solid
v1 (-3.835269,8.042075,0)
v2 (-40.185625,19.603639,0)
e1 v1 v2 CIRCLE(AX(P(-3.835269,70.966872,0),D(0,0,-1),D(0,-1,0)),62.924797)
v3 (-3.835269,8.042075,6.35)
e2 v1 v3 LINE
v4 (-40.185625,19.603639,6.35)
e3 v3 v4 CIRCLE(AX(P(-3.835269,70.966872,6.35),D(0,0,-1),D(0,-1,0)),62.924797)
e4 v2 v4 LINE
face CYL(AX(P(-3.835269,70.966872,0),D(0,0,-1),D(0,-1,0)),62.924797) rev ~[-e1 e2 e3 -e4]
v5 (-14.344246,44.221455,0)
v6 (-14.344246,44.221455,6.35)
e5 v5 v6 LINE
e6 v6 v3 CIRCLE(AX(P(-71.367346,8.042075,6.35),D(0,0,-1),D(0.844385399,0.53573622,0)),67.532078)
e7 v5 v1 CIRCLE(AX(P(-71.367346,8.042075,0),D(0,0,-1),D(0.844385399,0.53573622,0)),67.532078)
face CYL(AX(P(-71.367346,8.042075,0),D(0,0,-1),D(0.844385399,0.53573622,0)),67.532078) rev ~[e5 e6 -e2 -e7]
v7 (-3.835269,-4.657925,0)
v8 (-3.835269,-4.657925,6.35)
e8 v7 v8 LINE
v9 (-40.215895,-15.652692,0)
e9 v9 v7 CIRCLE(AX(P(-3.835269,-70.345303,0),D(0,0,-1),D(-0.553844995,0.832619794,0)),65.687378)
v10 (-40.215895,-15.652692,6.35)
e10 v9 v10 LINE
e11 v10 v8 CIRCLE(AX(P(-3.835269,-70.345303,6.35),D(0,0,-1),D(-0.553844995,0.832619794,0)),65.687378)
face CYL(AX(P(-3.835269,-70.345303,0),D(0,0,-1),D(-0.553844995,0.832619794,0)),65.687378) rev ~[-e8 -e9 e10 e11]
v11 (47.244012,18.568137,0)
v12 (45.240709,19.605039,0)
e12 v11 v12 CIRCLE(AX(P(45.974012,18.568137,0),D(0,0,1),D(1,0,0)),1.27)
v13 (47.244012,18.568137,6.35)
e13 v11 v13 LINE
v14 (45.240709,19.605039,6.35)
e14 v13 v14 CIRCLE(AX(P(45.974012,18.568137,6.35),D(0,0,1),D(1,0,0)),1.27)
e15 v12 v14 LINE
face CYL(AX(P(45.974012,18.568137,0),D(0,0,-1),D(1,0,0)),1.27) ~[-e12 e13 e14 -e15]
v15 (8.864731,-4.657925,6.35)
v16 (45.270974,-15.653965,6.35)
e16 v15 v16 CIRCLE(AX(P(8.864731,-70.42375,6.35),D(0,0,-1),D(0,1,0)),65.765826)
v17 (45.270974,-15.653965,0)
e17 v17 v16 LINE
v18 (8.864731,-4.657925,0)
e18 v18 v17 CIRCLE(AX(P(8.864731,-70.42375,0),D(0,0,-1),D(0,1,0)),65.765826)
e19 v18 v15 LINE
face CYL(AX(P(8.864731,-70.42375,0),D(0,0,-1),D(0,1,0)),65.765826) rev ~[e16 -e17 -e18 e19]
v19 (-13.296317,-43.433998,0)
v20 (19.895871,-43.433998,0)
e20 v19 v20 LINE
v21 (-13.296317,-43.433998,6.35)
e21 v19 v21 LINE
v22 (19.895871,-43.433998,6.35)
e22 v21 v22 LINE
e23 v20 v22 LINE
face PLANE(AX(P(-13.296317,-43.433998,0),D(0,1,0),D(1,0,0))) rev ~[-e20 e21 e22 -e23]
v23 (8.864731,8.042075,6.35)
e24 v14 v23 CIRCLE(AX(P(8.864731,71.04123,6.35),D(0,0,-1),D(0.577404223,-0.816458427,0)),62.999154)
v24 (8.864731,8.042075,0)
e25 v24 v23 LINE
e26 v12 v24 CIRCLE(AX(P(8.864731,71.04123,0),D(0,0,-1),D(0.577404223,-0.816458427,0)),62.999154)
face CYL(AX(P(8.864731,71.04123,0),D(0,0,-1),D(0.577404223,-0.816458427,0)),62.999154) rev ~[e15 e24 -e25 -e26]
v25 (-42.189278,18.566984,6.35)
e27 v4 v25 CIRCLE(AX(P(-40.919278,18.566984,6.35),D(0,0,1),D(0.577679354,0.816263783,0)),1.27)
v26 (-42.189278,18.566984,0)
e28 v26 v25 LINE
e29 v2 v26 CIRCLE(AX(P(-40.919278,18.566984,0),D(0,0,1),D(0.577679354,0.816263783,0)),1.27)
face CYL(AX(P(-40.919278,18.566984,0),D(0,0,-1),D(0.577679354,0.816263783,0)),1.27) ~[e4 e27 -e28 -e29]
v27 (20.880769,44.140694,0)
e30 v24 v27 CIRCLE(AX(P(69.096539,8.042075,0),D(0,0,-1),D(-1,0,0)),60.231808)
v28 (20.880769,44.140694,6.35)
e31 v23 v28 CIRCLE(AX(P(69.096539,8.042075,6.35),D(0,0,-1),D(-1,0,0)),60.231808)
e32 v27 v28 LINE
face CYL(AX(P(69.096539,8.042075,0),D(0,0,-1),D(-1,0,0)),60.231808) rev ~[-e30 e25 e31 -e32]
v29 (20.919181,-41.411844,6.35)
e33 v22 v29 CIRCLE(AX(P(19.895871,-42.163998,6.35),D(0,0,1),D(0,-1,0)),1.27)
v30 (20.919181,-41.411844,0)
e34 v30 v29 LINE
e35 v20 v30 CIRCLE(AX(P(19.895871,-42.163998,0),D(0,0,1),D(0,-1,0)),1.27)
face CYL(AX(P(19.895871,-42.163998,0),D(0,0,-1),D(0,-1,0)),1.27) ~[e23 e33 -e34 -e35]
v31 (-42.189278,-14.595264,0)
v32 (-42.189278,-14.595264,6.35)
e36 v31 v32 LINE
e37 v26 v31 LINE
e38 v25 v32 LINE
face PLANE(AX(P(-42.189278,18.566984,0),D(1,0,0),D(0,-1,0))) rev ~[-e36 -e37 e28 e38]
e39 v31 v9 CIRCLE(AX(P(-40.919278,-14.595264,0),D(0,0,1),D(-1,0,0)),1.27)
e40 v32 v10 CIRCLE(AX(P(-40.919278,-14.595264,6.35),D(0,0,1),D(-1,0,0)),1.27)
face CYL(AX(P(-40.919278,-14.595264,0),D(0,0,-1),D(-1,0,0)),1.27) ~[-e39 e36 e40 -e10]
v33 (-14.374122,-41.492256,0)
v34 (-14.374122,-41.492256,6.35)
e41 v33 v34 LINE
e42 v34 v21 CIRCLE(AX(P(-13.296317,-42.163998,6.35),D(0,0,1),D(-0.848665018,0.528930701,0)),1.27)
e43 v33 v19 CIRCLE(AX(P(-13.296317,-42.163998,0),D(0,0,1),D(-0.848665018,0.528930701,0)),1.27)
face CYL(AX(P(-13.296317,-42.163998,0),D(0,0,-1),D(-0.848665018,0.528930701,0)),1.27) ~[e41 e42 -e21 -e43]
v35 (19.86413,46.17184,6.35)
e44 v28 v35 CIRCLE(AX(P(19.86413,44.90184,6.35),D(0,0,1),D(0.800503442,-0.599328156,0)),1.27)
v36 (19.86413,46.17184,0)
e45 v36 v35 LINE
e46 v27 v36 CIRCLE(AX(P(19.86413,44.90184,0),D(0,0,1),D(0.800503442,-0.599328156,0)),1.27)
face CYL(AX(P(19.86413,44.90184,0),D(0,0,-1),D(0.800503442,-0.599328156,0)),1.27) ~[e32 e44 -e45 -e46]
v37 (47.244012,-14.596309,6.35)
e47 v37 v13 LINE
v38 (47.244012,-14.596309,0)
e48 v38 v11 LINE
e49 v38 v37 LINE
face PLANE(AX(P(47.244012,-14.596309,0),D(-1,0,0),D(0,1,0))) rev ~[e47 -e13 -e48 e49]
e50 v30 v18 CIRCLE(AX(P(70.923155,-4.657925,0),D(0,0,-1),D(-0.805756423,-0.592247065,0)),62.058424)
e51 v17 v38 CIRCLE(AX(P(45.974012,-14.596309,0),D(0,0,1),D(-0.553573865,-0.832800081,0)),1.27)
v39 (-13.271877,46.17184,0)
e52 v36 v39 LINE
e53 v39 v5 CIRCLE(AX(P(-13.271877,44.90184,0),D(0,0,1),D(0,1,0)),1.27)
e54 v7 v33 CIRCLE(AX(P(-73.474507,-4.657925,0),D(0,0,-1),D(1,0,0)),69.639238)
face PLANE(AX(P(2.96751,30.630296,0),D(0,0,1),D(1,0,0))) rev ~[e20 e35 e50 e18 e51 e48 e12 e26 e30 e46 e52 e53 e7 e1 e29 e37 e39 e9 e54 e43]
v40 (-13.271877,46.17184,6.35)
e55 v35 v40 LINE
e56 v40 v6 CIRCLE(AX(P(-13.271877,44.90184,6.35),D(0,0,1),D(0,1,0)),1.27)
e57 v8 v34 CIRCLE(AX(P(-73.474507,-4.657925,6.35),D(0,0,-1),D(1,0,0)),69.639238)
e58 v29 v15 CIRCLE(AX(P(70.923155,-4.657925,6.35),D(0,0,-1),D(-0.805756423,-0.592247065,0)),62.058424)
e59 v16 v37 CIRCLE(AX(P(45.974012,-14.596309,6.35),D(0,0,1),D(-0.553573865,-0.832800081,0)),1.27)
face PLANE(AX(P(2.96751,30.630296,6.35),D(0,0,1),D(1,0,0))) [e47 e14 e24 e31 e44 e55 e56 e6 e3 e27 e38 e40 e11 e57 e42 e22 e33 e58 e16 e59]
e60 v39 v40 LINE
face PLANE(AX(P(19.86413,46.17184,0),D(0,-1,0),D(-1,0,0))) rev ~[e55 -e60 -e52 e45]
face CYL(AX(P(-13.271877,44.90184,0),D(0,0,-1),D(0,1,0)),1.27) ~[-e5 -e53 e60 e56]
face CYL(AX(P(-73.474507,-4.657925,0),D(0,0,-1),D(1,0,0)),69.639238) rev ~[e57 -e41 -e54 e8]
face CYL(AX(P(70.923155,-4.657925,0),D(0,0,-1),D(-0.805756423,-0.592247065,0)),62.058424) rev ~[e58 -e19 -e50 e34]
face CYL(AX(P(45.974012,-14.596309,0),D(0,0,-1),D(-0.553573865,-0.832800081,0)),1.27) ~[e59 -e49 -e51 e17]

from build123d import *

# Parameters (mm, degrees)
F0_W     = 12.7
F0_H     = 12.7
F1_DEPTH = 6.35


with BuildPart() as f1:
    # F0 (on Top) → F1 (new body)
    with BuildSketch(Plane.XY):
        with BuildLine():
            ThreePointArc((-14.3442461442, 44.2214552806), (-6.5157083147, 26.8794460168), (-3.8352688611, 8.0420753353))
            Line((-3.8352688611, 8.0420753353), (8.8647311389, 8.0420753353))
            ThreePointArc((8.8647311389, 8.0420753353), (11.9476385408, 27.0650575602), (20.880769419, 44.1406935217))
            ThreePointArc((20.880769419, 44.1406935217), (20.9998140667, 45.4702783229), (19.8641300474, 46.1718402803))
            Line((19.8641300474, 46.1718402803), (-13.2718766872, 46.1718402803))
            ThreePointArc((-13.2718766872, 46.1718402803), (-14.3847533537, 45.5137271368), (-14.3442461442, 44.2214552806))
        make_face()
        with Locations((2.5147311389, 1.6920753353)):
            Rectangle(F0_W, F0_H)
        with BuildLine():
            Line((-3.8352688611, -4.6579246647), (-3.8352688611, 8.0420753353))
            ThreePointArc((-3.8352688611, 8.0420753353), (-22.907618948, 11.0020865054), (-40.1856249292, 19.6036394628))
            ThreePointArc((-40.1856249292, 19.6036394628), (-41.5028704476, 19.6949558736), (-42.1892777085, 18.5669844578))
            Line((-42.1892777085, 18.5669844578), (-42.1892777085, -14.5952644188))
            ThreePointArc((-42.1892777085, -14.5952644188), (-41.5191124393, -15.71468315), (-40.2158945655, -15.6526915577))
            ThreePointArc((-40.2158945655, -15.6526915577), (-22.838129341, -7.4666661965), (-3.8352688611, -4.6579246647))
        make_face()
        with BuildLine():
            ThreePointArc((45.2407089921, 19.6050392493), (27.949501895, 11.0023674821), (8.8647311389, 8.0420753353))
            Line((8.8647311389, 8.0420753353), (8.8647311389, -4.6579246647))
            ThreePointArc((8.8647311389, -4.6579246647), (27.8800368025, -7.4669240382), (45.2709735466, -15.6539653915))
            ThreePointArc((45.2709735466, -15.6539653915), (46.574029319, -15.715630352), (47.2440123558, -14.5963092882))
            Line((47.2440123558, -14.5963092882), (47.2440123558, 18.5681370471))
            ThreePointArc((47.2440123558, 18.5681370471), (46.5577951614, 19.6960101056), (45.2407089921, 19.6050392493))
        make_face()
        with BuildLine():
            Line((8.8647311389, -4.6579246647), (-3.8352688611, -4.6579246647))
            ThreePointArc((-3.8352688611, -4.6579246647), (-6.5218024455, -23.8140944846), (-14.3741217041, -41.4922557897))
            ThreePointArc((-14.3741217041, -41.4922557897), (-14.4067252377, -42.7803530641), (-13.2963171308, -43.4339977801))
            Line((-13.2963171308, -43.4339977801), (19.8958706735, -43.4339977801))
            ThreePointArc((19.8958706735, -43.4339977801), (21.0290377599, -42.737436839), (20.9191813312, -41.4118440073))
            ThreePointArc((20.9191813312, -41.4118440073), (11.955300347, -23.9980407223), (8.8647311389, -4.6579246647))
        make_face()
    extrude(amount=F1_DEPTH)


solid = f1.part
